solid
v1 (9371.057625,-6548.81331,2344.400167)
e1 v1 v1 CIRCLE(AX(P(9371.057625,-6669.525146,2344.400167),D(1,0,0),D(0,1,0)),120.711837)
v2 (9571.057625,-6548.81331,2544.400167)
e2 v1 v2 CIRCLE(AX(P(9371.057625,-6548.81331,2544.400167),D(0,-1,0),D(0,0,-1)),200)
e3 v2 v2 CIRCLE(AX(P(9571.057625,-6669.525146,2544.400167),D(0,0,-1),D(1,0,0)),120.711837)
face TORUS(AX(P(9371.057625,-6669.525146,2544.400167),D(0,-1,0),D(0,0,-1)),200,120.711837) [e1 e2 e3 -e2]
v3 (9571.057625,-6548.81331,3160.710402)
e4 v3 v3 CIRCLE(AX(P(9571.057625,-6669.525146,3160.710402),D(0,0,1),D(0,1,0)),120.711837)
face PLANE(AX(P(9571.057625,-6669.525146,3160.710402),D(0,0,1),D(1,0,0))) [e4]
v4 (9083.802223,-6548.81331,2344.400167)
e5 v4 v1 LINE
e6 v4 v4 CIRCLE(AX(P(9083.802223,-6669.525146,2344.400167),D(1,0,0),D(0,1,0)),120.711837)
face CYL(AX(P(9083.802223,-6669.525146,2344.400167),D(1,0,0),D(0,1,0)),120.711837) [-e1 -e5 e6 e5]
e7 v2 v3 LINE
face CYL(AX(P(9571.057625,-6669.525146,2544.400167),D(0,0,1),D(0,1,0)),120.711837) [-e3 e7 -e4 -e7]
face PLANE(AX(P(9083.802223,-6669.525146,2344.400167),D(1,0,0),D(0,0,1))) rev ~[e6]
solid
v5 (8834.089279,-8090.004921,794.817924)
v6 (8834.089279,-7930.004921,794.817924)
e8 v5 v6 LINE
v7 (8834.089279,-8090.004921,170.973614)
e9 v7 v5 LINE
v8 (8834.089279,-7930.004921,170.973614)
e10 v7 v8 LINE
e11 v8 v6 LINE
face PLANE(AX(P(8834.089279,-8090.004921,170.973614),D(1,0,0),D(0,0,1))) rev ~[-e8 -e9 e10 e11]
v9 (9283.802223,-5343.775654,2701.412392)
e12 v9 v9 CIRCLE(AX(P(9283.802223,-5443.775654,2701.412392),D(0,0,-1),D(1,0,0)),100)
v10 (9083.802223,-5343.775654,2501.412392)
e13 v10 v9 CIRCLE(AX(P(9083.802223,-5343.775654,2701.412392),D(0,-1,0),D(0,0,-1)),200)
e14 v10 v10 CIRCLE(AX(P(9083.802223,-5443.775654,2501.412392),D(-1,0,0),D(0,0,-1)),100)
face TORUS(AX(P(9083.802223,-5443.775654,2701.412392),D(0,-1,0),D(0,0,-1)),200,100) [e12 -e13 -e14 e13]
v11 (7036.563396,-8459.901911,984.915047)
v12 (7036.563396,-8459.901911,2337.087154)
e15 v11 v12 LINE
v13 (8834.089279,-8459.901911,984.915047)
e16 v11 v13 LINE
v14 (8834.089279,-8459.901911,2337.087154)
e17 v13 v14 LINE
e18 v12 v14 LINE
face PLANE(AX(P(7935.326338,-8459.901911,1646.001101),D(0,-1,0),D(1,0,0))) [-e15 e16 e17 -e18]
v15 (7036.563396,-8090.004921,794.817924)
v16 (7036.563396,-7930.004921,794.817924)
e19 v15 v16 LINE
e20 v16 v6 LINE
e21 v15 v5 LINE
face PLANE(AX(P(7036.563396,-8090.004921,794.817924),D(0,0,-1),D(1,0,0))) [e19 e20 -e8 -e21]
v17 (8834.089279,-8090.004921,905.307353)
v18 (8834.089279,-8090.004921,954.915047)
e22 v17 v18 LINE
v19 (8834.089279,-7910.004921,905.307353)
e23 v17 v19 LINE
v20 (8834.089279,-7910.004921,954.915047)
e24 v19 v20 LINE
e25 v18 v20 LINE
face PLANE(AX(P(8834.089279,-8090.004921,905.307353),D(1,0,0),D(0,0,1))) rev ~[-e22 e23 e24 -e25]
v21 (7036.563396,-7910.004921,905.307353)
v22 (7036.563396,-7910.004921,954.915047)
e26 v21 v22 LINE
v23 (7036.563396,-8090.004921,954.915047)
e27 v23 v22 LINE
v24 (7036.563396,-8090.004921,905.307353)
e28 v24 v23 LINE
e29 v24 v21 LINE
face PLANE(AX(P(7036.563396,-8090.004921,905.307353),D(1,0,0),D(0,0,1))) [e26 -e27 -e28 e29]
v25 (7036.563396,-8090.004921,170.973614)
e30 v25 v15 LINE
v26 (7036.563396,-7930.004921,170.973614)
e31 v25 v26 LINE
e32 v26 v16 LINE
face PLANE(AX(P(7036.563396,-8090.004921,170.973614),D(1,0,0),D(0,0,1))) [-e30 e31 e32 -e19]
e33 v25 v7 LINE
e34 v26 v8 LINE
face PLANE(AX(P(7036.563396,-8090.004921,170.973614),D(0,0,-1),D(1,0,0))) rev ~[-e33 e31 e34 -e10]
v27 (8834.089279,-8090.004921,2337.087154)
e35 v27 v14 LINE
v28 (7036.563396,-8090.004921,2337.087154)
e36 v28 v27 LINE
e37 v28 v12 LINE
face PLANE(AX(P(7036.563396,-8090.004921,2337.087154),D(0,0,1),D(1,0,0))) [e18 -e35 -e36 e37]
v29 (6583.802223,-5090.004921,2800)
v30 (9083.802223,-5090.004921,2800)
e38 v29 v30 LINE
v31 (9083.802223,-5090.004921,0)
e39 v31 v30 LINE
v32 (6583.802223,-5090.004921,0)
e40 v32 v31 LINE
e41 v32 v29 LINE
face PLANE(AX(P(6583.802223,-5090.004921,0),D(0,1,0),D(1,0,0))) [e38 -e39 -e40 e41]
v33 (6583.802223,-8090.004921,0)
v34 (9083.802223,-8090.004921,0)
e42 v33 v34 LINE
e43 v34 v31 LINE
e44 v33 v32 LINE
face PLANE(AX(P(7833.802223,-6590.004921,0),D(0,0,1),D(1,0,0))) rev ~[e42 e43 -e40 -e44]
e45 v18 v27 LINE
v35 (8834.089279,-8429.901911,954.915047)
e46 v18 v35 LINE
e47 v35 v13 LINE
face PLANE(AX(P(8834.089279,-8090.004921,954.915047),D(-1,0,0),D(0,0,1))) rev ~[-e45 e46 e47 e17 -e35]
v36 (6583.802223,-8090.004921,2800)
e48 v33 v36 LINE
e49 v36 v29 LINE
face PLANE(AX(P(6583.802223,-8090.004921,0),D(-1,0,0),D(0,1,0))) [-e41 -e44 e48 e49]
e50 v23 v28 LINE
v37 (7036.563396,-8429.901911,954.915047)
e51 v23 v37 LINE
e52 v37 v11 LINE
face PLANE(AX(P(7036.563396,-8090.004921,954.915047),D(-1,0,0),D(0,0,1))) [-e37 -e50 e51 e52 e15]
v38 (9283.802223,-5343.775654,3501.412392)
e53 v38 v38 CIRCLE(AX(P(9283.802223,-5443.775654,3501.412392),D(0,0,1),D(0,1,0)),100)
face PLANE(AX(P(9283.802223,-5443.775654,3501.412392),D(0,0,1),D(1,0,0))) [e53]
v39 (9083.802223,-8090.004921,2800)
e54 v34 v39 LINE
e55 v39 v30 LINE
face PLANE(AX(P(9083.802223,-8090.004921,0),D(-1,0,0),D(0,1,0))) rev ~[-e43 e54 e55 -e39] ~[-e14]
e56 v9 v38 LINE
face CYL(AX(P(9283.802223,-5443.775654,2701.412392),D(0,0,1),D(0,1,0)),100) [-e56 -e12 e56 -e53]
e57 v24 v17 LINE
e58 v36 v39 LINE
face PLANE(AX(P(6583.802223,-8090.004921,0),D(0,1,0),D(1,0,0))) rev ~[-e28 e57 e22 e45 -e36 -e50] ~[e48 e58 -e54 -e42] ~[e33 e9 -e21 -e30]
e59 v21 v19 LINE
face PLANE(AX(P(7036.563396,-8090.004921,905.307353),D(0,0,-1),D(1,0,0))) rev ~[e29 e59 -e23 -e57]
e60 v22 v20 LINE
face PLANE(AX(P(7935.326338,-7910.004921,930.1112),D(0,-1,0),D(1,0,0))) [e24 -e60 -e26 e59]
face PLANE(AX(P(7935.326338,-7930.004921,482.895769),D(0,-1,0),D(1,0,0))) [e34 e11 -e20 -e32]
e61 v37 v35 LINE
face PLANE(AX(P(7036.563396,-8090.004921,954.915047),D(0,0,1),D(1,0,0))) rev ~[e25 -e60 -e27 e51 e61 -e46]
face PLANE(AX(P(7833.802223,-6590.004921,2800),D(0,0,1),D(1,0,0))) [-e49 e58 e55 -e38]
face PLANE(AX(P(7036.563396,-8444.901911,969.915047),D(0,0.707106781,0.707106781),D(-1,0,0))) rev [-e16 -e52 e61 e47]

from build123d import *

# Parameters (mm, degrees)
F0_W     = 2500
F0_H     = 3000
F1_DEPTH = 2800
F2_W     = 1797.5258827209
F2_H     = 1382.1721076965
F3_DEPTH = 369.89699
F4_W     = 1797.5258827209
F4_H     = 49.607694149
F5_DEPTH = 180
F6_W     = 1797.5258827209
F6_H     = 623.8443106413
F7_DEPTH = 160
F8_R     = 100
F12_SIZE = 30
F13_R    = 120.7118368122


with BuildPart() as f1:
    # F0 (on Top) → F1 (new body)
    with BuildSketch(Plane.XY):
        with Locations((7833.8022232056, -6590.0049209595)):
            Rectangle(F0_W, F0_H)
    extrude(amount=F1_DEPTH)

    # F2 (on face) → F3 (join)
    with BuildSketch(Plane.XZ.offset(8090.0049209595)):
        with Locations((7935.3263378143, 1646.0011005402)):
            Rectangle(F2_W, F2_H)
    extrude(amount=F3_DEPTH)

    # F4 (on face) → F5 (cut)
    with BuildSketch(Plane.XZ.offset(8090.0049209595)):
        with Locations((7935.3263378143, 930.1111996174)):
            Rectangle(F4_W, F4_H)
    extrude(amount=-F5_DEPTH, mode=Mode.SUBTRACT)

    # F6 (on face) → F7 (cut)
    with BuildSketch(Plane.XZ.offset(8090.0049209595)):
        with Locations((7935.3263378143, 482.8957691789)):
            Rectangle(F6_W, F6_H)
    extrude(amount=-F7_DEPTH, mode=Mode.SUBTRACT)

    # F11: sweep along a path in F10
    with BuildLine(Plane.XZ.offset(5443.7756538391)) as f11_path:
        ThreePointArc((9083.8022232056, 2501.4123916626), (9225.2235794429, 2559.9910354253), (9283.8022232056, 2701.4123916626))
        Line((9283.8022232056, 2701.4123916626), (9283.8022232056, 3501.4123916626))
    # F8 (on face) → F11 (sweep)
    with BuildSketch(Plane.YZ.offset(9083.8022232056)):
        with Locations((-5443.7756538391, 2501.4123916626)):
            Circle(F8_R)
    sweep(path=f11_path.line)

    # F12
    f12_edges = [f1.edges().sort_by_distance(p)[0] for p in [
        (7935.326338, -8459.901911, 954.915047),
    ]]
    chamfer(f12_edges, length=F12_SIZE)


with BuildPart() as f16:
    # F16: sweep along a path in F15
    with BuildLine(Plane.XZ.offset(6669.5251464844)) as f16_path:
        Line((9083.8022232056, 2344.4001674652), (9371.0576248169, 2344.4001674652))
        ThreePointArc((9371.0576248169, 2344.4001674652), (9512.4789810542, 2402.9788112279), (9571.0576248169, 2544.4001674652))
        Line((9571.0576248169, 2544.4001674652), (9571.0576248169, 3160.710401535))
    # F13 (on face) → F16 (sweep)
    with BuildSketch(Plane.YZ.offset(9083.8022232056)):
        with Locations((-6669.5251464844, 2344.4001674652)):
            Circle(F13_R)
    sweep(path=f16_path.line)


solid = Compound([f1.part, f16.part])
